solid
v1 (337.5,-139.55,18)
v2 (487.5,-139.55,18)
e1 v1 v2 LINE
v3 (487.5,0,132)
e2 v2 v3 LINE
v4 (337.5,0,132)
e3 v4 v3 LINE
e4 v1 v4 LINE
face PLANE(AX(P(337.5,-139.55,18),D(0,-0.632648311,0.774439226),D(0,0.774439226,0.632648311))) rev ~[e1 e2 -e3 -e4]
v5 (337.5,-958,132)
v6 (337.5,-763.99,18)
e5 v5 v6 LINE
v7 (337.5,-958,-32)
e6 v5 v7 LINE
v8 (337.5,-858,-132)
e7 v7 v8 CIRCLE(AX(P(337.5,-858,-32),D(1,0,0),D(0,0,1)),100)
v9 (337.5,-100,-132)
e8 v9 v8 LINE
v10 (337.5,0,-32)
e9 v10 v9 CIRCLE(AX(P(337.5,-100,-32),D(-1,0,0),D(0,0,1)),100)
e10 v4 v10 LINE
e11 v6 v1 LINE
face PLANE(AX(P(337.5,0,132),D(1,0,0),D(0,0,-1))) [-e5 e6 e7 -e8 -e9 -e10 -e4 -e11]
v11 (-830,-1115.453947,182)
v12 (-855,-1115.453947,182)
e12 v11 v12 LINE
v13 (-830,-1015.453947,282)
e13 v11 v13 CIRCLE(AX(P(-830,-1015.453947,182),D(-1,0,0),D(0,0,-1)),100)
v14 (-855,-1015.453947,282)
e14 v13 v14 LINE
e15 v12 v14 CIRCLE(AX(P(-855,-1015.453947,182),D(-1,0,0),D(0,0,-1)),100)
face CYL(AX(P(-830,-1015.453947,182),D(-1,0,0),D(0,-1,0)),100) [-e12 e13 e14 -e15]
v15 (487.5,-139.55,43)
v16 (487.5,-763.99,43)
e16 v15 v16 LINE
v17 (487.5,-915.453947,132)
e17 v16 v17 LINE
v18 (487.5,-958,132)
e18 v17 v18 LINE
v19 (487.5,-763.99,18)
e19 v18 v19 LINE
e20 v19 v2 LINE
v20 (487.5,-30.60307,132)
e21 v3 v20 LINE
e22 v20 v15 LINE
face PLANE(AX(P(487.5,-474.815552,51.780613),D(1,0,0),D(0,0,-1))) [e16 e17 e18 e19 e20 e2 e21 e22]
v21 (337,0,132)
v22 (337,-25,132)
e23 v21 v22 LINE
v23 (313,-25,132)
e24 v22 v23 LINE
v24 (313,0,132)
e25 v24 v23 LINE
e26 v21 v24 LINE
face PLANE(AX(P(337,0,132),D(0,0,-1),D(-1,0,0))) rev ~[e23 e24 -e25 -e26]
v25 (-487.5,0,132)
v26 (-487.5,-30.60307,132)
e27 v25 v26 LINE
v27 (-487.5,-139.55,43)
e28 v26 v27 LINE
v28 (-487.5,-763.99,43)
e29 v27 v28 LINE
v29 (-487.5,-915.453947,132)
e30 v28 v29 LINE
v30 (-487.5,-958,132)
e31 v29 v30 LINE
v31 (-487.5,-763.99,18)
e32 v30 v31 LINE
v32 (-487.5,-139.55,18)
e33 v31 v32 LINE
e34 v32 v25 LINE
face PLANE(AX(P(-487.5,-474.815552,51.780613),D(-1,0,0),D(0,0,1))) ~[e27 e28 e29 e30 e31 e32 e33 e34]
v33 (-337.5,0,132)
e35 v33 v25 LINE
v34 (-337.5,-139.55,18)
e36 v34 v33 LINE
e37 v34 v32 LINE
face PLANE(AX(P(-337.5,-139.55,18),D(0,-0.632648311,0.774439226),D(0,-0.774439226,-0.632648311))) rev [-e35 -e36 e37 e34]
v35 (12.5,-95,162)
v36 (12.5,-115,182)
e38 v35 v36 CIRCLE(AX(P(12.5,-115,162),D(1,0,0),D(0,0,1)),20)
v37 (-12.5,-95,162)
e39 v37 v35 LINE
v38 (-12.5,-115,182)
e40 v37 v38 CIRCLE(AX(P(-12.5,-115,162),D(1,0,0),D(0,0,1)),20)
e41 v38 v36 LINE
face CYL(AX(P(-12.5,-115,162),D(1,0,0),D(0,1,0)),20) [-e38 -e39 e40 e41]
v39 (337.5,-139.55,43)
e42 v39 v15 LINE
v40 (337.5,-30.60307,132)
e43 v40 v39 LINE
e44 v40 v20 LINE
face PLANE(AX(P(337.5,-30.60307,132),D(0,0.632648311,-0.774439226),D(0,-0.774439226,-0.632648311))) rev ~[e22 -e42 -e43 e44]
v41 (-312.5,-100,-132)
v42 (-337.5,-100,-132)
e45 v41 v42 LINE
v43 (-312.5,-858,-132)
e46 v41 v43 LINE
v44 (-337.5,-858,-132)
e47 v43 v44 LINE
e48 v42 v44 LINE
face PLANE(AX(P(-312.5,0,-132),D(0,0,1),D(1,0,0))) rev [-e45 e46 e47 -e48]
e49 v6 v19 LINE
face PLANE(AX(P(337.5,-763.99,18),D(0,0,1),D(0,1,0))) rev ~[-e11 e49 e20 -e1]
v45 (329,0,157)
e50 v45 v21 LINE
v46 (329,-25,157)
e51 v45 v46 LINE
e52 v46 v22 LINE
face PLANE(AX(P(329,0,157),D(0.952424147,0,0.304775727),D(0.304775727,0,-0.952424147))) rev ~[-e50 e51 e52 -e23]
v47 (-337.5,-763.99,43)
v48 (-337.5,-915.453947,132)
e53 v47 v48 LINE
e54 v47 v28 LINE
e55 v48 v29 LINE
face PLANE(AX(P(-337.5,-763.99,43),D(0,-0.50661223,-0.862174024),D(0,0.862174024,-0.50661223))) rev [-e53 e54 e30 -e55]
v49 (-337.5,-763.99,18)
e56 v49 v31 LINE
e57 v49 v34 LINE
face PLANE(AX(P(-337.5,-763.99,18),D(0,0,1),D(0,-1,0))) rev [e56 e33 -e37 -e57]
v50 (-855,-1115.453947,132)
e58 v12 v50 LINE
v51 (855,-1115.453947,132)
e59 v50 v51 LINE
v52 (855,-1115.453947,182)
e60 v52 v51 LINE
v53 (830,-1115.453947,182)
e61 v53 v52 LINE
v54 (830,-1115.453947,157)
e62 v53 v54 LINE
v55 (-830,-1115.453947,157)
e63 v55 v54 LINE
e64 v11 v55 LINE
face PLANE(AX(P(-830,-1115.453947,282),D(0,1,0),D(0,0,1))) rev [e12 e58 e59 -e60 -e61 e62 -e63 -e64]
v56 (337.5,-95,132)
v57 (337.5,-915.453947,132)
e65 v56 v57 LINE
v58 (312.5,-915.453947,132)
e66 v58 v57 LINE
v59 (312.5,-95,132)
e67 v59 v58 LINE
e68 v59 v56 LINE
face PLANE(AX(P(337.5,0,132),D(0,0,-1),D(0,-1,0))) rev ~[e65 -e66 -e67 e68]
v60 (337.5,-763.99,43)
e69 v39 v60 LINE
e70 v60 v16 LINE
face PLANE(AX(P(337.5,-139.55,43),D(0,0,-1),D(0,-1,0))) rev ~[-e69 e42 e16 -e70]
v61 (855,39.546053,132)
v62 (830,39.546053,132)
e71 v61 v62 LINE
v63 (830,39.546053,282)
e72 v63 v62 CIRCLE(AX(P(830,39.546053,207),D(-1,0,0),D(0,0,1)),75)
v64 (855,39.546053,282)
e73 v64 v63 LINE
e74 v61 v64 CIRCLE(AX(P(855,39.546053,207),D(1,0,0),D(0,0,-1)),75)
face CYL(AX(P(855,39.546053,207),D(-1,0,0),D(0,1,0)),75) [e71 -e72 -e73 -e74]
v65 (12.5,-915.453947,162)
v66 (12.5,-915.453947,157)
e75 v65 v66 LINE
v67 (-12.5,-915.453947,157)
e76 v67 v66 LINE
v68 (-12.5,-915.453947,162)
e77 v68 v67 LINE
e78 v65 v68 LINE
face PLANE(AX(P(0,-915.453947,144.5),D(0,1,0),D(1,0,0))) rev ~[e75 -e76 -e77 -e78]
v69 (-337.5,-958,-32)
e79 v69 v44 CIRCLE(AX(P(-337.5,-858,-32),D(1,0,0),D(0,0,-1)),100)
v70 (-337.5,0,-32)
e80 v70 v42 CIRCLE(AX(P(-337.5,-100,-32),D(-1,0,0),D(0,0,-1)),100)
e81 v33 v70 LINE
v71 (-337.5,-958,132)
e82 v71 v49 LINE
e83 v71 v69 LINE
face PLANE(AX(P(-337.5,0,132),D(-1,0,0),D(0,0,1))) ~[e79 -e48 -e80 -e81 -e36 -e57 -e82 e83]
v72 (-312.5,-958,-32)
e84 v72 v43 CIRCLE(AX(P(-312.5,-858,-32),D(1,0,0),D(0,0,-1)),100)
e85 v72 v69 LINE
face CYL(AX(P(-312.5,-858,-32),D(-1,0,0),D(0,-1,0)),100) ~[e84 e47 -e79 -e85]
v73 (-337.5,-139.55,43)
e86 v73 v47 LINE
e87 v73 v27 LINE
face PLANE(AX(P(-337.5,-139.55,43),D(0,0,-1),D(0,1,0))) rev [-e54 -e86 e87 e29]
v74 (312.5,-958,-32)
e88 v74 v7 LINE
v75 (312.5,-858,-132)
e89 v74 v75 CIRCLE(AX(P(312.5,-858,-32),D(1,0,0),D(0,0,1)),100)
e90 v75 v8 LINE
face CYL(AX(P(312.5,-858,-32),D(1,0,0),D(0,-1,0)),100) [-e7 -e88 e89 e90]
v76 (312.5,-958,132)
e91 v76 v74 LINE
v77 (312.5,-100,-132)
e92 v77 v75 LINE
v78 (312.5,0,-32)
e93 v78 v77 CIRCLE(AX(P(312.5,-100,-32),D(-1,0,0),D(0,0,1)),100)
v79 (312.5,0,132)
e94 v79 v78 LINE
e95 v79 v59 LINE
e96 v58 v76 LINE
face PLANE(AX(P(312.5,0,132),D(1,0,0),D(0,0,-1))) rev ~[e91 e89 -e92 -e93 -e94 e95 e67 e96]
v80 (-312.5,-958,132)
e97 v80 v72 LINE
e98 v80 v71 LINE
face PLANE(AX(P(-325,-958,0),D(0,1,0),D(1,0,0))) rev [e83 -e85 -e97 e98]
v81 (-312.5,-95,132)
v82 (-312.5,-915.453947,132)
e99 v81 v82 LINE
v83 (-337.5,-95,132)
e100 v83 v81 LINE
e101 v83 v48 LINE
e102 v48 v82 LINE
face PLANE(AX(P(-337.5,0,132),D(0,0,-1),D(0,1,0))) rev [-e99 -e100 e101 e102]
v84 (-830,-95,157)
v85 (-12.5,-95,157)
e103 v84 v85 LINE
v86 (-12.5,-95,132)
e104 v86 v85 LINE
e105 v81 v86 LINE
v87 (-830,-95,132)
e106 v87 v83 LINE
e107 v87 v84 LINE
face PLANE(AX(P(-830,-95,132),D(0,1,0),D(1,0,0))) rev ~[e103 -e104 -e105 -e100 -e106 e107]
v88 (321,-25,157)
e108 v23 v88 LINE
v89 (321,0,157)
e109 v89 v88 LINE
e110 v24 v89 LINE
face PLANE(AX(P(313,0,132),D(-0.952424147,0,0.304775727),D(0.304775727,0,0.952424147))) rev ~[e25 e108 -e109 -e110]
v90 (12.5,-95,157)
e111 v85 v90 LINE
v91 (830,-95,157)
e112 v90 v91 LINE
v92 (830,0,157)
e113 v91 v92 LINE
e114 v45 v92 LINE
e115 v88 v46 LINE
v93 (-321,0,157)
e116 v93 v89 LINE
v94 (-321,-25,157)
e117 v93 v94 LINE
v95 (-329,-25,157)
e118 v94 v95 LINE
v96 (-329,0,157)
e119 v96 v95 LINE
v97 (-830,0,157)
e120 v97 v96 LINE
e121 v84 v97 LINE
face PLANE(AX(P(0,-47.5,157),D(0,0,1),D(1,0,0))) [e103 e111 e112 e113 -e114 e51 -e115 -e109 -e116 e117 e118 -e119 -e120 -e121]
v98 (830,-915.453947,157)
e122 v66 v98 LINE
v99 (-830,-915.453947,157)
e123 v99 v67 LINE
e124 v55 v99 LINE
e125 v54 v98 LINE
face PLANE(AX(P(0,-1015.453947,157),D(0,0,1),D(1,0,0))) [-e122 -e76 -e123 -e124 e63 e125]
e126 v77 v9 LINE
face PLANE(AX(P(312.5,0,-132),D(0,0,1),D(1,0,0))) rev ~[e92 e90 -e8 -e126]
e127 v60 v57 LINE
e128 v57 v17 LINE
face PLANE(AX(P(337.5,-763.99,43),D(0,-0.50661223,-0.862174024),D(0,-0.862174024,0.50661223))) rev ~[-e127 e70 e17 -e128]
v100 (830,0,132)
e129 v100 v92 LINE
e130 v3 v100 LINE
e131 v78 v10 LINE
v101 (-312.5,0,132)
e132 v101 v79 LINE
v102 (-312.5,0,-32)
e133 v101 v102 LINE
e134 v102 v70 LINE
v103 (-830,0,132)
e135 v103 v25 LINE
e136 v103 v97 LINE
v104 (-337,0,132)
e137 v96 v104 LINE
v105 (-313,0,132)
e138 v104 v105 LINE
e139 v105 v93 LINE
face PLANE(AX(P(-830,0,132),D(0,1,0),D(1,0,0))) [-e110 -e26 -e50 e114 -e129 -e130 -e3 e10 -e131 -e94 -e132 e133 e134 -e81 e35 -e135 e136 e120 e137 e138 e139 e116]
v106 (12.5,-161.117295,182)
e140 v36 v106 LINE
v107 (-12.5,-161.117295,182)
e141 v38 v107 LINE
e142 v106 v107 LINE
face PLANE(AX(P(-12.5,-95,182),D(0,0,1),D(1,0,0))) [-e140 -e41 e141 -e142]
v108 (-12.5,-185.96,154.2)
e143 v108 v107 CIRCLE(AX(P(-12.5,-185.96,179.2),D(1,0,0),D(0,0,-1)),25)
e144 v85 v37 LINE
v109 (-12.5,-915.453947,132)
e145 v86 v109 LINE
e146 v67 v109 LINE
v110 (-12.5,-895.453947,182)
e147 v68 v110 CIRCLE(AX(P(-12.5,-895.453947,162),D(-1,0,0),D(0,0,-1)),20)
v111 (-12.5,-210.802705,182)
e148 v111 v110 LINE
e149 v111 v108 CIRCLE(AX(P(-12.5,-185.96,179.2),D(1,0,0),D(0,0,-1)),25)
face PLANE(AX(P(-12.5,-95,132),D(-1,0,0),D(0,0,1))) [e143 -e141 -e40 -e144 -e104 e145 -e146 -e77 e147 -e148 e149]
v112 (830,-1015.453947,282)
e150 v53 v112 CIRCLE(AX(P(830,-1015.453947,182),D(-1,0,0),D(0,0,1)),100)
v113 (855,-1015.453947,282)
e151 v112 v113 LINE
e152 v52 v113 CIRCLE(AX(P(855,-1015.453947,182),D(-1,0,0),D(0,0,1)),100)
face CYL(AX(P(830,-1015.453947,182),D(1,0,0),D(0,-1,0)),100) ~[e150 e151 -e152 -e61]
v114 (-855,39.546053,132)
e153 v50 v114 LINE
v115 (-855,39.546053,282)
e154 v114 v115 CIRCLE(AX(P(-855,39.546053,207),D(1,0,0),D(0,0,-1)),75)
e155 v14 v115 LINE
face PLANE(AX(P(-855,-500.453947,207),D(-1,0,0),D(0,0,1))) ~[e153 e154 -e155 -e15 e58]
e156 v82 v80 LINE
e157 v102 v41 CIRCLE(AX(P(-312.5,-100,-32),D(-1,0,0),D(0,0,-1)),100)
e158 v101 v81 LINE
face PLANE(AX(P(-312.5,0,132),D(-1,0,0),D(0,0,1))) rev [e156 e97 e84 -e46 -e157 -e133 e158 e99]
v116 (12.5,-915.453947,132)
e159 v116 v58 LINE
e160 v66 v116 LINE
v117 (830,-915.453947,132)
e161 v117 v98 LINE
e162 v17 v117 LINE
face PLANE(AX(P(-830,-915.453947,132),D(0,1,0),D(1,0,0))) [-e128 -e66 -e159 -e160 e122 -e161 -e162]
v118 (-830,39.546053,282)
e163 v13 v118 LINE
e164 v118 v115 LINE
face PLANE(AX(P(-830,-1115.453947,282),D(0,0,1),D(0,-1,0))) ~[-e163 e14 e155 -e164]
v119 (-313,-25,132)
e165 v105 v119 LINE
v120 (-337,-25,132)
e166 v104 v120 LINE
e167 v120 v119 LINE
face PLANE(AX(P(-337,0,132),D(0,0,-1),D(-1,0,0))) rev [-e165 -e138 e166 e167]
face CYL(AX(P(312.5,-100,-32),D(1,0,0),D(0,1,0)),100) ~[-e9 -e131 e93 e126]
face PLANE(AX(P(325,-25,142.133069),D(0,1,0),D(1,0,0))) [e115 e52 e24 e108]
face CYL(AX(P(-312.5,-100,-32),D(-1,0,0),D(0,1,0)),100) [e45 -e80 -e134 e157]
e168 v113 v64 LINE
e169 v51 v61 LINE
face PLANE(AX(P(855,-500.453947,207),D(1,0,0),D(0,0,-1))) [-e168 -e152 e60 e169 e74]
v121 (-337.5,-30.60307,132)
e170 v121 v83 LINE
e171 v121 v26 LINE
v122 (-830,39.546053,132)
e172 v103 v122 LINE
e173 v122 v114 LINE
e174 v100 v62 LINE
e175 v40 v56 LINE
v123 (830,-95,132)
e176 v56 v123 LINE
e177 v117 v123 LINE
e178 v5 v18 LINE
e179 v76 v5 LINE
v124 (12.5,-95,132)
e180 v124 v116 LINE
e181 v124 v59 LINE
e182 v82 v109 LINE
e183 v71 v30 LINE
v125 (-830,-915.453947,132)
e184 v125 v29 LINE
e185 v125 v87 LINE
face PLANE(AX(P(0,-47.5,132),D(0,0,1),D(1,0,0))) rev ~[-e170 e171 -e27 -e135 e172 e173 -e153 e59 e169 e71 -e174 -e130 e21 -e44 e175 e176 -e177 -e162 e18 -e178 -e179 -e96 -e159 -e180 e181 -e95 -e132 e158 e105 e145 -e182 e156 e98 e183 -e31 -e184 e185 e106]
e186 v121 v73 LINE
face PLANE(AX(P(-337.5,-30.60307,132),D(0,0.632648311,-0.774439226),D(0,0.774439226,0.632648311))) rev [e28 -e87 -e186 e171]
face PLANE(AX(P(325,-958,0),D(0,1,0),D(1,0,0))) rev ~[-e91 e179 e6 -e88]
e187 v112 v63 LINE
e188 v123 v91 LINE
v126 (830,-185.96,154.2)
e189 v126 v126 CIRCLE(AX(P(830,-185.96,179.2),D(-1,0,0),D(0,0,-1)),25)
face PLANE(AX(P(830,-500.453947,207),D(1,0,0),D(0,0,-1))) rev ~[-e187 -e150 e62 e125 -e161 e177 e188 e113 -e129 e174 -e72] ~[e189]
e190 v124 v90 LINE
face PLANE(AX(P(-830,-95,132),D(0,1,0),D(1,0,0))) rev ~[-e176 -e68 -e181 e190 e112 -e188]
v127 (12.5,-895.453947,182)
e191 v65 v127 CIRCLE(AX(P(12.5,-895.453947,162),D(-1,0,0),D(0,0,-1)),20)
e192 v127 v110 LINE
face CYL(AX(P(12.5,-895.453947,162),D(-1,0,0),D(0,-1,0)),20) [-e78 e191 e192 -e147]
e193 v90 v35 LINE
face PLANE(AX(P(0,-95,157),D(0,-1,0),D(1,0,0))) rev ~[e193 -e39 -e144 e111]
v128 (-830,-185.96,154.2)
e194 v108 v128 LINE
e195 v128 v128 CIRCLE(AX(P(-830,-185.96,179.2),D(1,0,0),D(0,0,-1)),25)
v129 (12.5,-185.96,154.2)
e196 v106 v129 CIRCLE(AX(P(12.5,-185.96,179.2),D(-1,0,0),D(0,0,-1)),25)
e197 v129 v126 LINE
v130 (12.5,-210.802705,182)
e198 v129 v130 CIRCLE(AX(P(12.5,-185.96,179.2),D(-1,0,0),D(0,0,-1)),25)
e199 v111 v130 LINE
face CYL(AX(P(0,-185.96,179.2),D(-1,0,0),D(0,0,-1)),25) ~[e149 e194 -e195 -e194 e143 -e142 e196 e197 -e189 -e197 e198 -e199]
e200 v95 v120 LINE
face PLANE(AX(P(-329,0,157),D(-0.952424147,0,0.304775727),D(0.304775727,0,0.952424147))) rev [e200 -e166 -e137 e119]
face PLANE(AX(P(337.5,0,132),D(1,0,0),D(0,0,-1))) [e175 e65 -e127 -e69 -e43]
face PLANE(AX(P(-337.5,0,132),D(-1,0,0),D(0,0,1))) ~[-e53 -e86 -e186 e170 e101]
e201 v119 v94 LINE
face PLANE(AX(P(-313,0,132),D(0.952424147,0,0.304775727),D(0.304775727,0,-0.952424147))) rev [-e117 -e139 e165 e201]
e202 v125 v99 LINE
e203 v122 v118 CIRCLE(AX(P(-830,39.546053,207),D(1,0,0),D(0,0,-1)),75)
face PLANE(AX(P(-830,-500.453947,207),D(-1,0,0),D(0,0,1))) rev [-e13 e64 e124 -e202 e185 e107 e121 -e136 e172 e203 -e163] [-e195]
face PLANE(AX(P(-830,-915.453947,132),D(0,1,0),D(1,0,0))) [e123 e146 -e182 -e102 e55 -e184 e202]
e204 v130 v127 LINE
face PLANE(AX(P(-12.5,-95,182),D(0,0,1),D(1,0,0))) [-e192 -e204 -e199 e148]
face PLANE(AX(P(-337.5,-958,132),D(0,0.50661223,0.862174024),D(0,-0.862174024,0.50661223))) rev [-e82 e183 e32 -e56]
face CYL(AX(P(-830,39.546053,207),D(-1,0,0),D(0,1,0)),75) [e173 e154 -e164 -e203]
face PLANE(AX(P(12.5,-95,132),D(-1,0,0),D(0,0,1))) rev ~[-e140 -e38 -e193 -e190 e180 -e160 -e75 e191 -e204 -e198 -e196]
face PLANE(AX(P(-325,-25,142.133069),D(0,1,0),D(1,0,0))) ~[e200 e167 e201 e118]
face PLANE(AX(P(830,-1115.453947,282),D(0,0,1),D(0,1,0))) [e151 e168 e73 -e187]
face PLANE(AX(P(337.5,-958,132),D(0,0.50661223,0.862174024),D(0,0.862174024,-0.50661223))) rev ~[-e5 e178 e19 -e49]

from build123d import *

# Parameters (mm, degrees)
SKETCH1_W                       = 25
SKETCH1_H                       = 264
BOSS_EXTRUDE1_DEPTH             = 958
BOSS_EXTRUDE2_DEPTH             = 150
SKETCH3_W                       = 1660
SKETCH3_H                       = 95
SKETCH3_H_2                     = 200
BOSS_EXTRUDE3_DEPTH             = 25
SKETCH4_W                       = 150
SKETCH4_H                       = 1230
BOSS_EXTRUDE4_DEPTH             = 25
BOSS_EXTRUDE5_REACH             = 1435.453
SKETCH5_R                       = 25
BOSS_EXTRUDE5_DIRECTION_2_REACH = 1435.453
BOSS_EXTRUDE6_REACH             = 1362.836
SKETCH6_W                       = 25
SKETCH6_H                       = 50
FILLET1_RADIUS                  = 75
FILLET1_LENGTH                  = 25
FILLET2_RADIUS                  = 75
FILLET2_LENGTH                  = 25
FILLET3_R                       = 100
FILLET4_R                       = 100
FILLET5_R                       = 100
FILLET6_R                       = 100
FILLET7_R                       = 20
FILLET8_R                       = 20
FILLET9_R                       = 100
FILLET10_R                      = 100
CUT_EXTRUDE5_DEPTH              = 25


with BuildPart() as part:
    # Sketch1 → Boss-Extrude1 (new body)
    with BuildSketch(Plane(origin=(0, 0, 0), x_dir=(1, 0, 0), z_dir=(0, 1, 0))):
        with Locations((325, 0)):
            Rectangle(SKETCH1_W, SKETCH1_H)
    extrude(amount=-BOSS_EXTRUDE1_DEPTH)

    # Sketch2 → Boss-Extrude2 (add)
    with BuildSketch(Plane(origin=(337.5, 0, 0), x_dir=(0, 0, -1), z_dir=(1, 0, 0))):
        Polygon((-43, -139.55), (-43, -763.99), (-132, -915.453947368), (-132, -958), (-18, -763.99), (-18, -139.55), (-132, 0), (-132, -30.603070175), align=None)
    extrude(amount=BOSS_EXTRUDE2_DEPTH)


with BuildPart() as body_2:
    # Mirror2: mirrored copy
    add(part.part.mirror(Plane(origin=(0, 0, 0), x_dir=(0, 0, 1), z_dir=(1, 0, 0))))


with BuildPart() as part_1:
    add(part.part)

    add(body_2.part)  # Boss-Extrude3 merges body 2
    # Sketch3 → Boss-Extrude3 (add)
    with BuildSketch(Plane.XY.offset(132)):
        with Locations((0, -47.5)):
            Rectangle(SKETCH3_W, SKETCH3_H)
        with Locations((0, -1015.453947368)):
            Rectangle(SKETCH3_W, SKETCH3_H_2)
    extrude(amount=BOSS_EXTRUDE3_DEPTH)

    # Sketch4 → Boss-Extrude4 (add)
    with BuildSketch(Plane(origin=(830, 0, 0), x_dir=(0, 0, -1), z_dir=(1, 0, 0))):
        with Locations((-207, -500.453947368)):
            Rectangle(SKETCH4_W, SKETCH4_H)
    boss_extrude4 = extrude(amount=BOSS_EXTRUDE4_DEPTH)

    # Mirror3: Boss-Extrude4 across plane
    add(boss_extrude4.mirror(Plane(origin=(0, 0, 0), x_dir=(0, 0, 1), z_dir=(1, 0, 0))))

    # Sketch5 → Boss-Extrude5 (add, up to next)
    with BuildSketch(Plane(origin=(0, 0, 0), x_dir=(0, 0, -1), z_dir=(1, 0, 0)), mode=Mode.PRIVATE) as boss_extrude5_sk1:
        with Locations((-179.2, -185.96)):
            Circle(SKETCH5_R)
    boss_extrude5_tool1 = extrude(boss_extrude5_sk1.sketch, amount=BOSS_EXTRUDE5_REACH, mode=Mode.PRIVATE) - part_1.part
    add(boss_extrude5_tool1.solids().sort_by_distance((0, -185.96, 179.2))[0])

    # Sketch5 → Boss-Extrude5 direction 2 (add, up to next)
    with BuildSketch(Plane(origin=(0, 0, 0), x_dir=(0, 0, -1), z_dir=(1, 0, 0)), mode=Mode.PRIVATE) as boss_extrude5_direction_2_sk1:
        with Locations((-179.2, -185.96)):
            Circle(SKETCH5_R)
    boss_extrude5_direction_2_tool1 = extrude(boss_extrude5_direction_2_sk1.sketch, amount=-BOSS_EXTRUDE5_DIRECTION_2_REACH, mode=Mode.PRIVATE) - part_1.part
    add(boss_extrude5_direction_2_tool1.solids().sort_by_distance((0, -185.96, 179.2))[0])

    # Boss-Extrude6: up to this face of the body (flat: up to its plane)
    boss_extrude6_end = Plane(part_1.part.faces().sort_by_distance((0, -915.453947368, 144.5))[0])
    # Sketch6 → Boss-Extrude6 (add, up to the picked face)
    with BuildSketch(Plane.XZ.offset(95), mode=Mode.PRIVATE) as boss_extrude6_sk1:
        with Locations((0, 157)):
            Rectangle(SKETCH6_W, SKETCH6_H)
    boss_extrude6_tool1 = split(extrude(boss_extrude6_sk1.sketch, amount=BOSS_EXTRUDE6_REACH, mode=Mode.PRIVATE), bisect_by=boss_extrude6_end, keep=Keep.BOTH, mode=Mode.PRIVATE)
    add(boss_extrude6_tool1.solids().sort_by(Axis((0, -95, 157), (0, -1, 0)))[0])

    # Fillet1: full round fillet: the end face becomes a half cylinder, R = half its width
    fillet1_face = Plane((842.5, 114.546052632, 207), x_dir=(-1, 0, 0), z_dir=(0, 1, 0))  # on the end face: x along it, z out of the body
    fillet1_slab = fillet1_face.offset(-FILLET1_RADIUS / 2) * Box(FILLET1_LENGTH, 2 * FILLET1_RADIUS, FILLET1_RADIUS, mode=Mode.PRIVATE)  # the body's end, R deep
    fillet1_round = Plane((842.5, 39.546052632, 207), x_dir=(0, 1, 0), z_dir=(-1, 0, 0)) * Cylinder(FILLET1_RADIUS, FILLET1_LENGTH, mode=Mode.PRIVATE)  # its axis R under the face
    add(fillet1_slab - fillet1_round, mode=Mode.SUBTRACT)

    # Fillet2: full round fillet: the end face becomes a half cylinder, R = half its width
    fillet2_face = Plane((-842.5, 114.546052632, 207), x_dir=(-1, 0, 0), z_dir=(0, 1, 0))  # on the end face: x along it, z out of the body
    fillet2_slab = fillet2_face.offset(-FILLET2_RADIUS / 2) * Box(FILLET2_LENGTH, 2 * FILLET2_RADIUS, FILLET2_RADIUS, mode=Mode.PRIVATE)  # the body's end, R deep
    fillet2_round = Plane((-842.5, 39.546052632, 207), x_dir=(0, 1, 0), z_dir=(-1, 0, 0)) * Cylinder(FILLET2_RADIUS, FILLET2_LENGTH, mode=Mode.PRIVATE)  # its axis R under the face
    add(fillet2_slab - fillet2_round, mode=Mode.SUBTRACT)

    # Fillet3
    fillet3_edges = [part_1.edges().sort_by_distance(p)[0] for p in [
        (-325, 0, -132),
    ]]
    fillet(fillet3_edges, radius=FILLET3_R)

    # Fillet4
    fillet4_edges = [part_1.edges().sort_by_distance(p)[0] for p in [
        (325, 0, -132),
    ]]
    fillet(fillet4_edges, radius=FILLET4_R)

    # Fillet5
    fillet5_edges = [part_1.edges().sort_by_distance(p)[0] for p in [
        (325, -958, -132),
    ]]
    fillet(fillet5_edges, radius=FILLET5_R)

    # Fillet6
    fillet6_edges = [part_1.edges().sort_by_distance(p)[0] for p in [
        (-325, -958, -132),
    ]]
    fillet(fillet6_edges, radius=FILLET6_R)

    # Fillet7
    fillet7_edges = [part_1.edges().sort_by_distance(p)[0] for p in [
        (0, -95, 182),
    ]]
    fillet(fillet7_edges, radius=FILLET7_R)

    # Fillet8
    fillet8_edges = [part_1.edges().sort_by_distance(p)[0] for p in [
        (0, -915.453947368, 182),
    ]]
    fillet(fillet8_edges, radius=FILLET8_R)

    # Fillet9
    fillet9_edges = [part_1.edges().sort_by_distance(p)[0] for p in [
        (842.5, -1115.453947368, 282),
    ]]
    fillet(fillet9_edges, radius=FILLET9_R)

    # Fillet10
    fillet10_edges = [part_1.edges().sort_by_distance(p)[0] for p in [
        (-842.5, -1115.453947368, 282),
    ]]
    fillet(fillet10_edges, radius=FILLET10_R)

    # Sketch7 → Cut-Extrude5 (cut)
    with BuildSketch(Plane(origin=(0, 0, 0), x_dir=(1, 0, 0), z_dir=(0, 1, 0))):
        Polygon((337, -132), (313, -132), (321, -157), (329, -157), align=None)
    cut_extrude5 = extrude(amount=-CUT_EXTRUDE5_DEPTH, mode=Mode.SUBTRACT)

    # Mirror4: Cut-Extrude5 across plane
    add(cut_extrude5.mirror(Plane(origin=(0, 0, 0), x_dir=(0, 0, 1), z_dir=(1, 0, 0))), mode=Mode.SUBTRACT)


solid = part_1.part
